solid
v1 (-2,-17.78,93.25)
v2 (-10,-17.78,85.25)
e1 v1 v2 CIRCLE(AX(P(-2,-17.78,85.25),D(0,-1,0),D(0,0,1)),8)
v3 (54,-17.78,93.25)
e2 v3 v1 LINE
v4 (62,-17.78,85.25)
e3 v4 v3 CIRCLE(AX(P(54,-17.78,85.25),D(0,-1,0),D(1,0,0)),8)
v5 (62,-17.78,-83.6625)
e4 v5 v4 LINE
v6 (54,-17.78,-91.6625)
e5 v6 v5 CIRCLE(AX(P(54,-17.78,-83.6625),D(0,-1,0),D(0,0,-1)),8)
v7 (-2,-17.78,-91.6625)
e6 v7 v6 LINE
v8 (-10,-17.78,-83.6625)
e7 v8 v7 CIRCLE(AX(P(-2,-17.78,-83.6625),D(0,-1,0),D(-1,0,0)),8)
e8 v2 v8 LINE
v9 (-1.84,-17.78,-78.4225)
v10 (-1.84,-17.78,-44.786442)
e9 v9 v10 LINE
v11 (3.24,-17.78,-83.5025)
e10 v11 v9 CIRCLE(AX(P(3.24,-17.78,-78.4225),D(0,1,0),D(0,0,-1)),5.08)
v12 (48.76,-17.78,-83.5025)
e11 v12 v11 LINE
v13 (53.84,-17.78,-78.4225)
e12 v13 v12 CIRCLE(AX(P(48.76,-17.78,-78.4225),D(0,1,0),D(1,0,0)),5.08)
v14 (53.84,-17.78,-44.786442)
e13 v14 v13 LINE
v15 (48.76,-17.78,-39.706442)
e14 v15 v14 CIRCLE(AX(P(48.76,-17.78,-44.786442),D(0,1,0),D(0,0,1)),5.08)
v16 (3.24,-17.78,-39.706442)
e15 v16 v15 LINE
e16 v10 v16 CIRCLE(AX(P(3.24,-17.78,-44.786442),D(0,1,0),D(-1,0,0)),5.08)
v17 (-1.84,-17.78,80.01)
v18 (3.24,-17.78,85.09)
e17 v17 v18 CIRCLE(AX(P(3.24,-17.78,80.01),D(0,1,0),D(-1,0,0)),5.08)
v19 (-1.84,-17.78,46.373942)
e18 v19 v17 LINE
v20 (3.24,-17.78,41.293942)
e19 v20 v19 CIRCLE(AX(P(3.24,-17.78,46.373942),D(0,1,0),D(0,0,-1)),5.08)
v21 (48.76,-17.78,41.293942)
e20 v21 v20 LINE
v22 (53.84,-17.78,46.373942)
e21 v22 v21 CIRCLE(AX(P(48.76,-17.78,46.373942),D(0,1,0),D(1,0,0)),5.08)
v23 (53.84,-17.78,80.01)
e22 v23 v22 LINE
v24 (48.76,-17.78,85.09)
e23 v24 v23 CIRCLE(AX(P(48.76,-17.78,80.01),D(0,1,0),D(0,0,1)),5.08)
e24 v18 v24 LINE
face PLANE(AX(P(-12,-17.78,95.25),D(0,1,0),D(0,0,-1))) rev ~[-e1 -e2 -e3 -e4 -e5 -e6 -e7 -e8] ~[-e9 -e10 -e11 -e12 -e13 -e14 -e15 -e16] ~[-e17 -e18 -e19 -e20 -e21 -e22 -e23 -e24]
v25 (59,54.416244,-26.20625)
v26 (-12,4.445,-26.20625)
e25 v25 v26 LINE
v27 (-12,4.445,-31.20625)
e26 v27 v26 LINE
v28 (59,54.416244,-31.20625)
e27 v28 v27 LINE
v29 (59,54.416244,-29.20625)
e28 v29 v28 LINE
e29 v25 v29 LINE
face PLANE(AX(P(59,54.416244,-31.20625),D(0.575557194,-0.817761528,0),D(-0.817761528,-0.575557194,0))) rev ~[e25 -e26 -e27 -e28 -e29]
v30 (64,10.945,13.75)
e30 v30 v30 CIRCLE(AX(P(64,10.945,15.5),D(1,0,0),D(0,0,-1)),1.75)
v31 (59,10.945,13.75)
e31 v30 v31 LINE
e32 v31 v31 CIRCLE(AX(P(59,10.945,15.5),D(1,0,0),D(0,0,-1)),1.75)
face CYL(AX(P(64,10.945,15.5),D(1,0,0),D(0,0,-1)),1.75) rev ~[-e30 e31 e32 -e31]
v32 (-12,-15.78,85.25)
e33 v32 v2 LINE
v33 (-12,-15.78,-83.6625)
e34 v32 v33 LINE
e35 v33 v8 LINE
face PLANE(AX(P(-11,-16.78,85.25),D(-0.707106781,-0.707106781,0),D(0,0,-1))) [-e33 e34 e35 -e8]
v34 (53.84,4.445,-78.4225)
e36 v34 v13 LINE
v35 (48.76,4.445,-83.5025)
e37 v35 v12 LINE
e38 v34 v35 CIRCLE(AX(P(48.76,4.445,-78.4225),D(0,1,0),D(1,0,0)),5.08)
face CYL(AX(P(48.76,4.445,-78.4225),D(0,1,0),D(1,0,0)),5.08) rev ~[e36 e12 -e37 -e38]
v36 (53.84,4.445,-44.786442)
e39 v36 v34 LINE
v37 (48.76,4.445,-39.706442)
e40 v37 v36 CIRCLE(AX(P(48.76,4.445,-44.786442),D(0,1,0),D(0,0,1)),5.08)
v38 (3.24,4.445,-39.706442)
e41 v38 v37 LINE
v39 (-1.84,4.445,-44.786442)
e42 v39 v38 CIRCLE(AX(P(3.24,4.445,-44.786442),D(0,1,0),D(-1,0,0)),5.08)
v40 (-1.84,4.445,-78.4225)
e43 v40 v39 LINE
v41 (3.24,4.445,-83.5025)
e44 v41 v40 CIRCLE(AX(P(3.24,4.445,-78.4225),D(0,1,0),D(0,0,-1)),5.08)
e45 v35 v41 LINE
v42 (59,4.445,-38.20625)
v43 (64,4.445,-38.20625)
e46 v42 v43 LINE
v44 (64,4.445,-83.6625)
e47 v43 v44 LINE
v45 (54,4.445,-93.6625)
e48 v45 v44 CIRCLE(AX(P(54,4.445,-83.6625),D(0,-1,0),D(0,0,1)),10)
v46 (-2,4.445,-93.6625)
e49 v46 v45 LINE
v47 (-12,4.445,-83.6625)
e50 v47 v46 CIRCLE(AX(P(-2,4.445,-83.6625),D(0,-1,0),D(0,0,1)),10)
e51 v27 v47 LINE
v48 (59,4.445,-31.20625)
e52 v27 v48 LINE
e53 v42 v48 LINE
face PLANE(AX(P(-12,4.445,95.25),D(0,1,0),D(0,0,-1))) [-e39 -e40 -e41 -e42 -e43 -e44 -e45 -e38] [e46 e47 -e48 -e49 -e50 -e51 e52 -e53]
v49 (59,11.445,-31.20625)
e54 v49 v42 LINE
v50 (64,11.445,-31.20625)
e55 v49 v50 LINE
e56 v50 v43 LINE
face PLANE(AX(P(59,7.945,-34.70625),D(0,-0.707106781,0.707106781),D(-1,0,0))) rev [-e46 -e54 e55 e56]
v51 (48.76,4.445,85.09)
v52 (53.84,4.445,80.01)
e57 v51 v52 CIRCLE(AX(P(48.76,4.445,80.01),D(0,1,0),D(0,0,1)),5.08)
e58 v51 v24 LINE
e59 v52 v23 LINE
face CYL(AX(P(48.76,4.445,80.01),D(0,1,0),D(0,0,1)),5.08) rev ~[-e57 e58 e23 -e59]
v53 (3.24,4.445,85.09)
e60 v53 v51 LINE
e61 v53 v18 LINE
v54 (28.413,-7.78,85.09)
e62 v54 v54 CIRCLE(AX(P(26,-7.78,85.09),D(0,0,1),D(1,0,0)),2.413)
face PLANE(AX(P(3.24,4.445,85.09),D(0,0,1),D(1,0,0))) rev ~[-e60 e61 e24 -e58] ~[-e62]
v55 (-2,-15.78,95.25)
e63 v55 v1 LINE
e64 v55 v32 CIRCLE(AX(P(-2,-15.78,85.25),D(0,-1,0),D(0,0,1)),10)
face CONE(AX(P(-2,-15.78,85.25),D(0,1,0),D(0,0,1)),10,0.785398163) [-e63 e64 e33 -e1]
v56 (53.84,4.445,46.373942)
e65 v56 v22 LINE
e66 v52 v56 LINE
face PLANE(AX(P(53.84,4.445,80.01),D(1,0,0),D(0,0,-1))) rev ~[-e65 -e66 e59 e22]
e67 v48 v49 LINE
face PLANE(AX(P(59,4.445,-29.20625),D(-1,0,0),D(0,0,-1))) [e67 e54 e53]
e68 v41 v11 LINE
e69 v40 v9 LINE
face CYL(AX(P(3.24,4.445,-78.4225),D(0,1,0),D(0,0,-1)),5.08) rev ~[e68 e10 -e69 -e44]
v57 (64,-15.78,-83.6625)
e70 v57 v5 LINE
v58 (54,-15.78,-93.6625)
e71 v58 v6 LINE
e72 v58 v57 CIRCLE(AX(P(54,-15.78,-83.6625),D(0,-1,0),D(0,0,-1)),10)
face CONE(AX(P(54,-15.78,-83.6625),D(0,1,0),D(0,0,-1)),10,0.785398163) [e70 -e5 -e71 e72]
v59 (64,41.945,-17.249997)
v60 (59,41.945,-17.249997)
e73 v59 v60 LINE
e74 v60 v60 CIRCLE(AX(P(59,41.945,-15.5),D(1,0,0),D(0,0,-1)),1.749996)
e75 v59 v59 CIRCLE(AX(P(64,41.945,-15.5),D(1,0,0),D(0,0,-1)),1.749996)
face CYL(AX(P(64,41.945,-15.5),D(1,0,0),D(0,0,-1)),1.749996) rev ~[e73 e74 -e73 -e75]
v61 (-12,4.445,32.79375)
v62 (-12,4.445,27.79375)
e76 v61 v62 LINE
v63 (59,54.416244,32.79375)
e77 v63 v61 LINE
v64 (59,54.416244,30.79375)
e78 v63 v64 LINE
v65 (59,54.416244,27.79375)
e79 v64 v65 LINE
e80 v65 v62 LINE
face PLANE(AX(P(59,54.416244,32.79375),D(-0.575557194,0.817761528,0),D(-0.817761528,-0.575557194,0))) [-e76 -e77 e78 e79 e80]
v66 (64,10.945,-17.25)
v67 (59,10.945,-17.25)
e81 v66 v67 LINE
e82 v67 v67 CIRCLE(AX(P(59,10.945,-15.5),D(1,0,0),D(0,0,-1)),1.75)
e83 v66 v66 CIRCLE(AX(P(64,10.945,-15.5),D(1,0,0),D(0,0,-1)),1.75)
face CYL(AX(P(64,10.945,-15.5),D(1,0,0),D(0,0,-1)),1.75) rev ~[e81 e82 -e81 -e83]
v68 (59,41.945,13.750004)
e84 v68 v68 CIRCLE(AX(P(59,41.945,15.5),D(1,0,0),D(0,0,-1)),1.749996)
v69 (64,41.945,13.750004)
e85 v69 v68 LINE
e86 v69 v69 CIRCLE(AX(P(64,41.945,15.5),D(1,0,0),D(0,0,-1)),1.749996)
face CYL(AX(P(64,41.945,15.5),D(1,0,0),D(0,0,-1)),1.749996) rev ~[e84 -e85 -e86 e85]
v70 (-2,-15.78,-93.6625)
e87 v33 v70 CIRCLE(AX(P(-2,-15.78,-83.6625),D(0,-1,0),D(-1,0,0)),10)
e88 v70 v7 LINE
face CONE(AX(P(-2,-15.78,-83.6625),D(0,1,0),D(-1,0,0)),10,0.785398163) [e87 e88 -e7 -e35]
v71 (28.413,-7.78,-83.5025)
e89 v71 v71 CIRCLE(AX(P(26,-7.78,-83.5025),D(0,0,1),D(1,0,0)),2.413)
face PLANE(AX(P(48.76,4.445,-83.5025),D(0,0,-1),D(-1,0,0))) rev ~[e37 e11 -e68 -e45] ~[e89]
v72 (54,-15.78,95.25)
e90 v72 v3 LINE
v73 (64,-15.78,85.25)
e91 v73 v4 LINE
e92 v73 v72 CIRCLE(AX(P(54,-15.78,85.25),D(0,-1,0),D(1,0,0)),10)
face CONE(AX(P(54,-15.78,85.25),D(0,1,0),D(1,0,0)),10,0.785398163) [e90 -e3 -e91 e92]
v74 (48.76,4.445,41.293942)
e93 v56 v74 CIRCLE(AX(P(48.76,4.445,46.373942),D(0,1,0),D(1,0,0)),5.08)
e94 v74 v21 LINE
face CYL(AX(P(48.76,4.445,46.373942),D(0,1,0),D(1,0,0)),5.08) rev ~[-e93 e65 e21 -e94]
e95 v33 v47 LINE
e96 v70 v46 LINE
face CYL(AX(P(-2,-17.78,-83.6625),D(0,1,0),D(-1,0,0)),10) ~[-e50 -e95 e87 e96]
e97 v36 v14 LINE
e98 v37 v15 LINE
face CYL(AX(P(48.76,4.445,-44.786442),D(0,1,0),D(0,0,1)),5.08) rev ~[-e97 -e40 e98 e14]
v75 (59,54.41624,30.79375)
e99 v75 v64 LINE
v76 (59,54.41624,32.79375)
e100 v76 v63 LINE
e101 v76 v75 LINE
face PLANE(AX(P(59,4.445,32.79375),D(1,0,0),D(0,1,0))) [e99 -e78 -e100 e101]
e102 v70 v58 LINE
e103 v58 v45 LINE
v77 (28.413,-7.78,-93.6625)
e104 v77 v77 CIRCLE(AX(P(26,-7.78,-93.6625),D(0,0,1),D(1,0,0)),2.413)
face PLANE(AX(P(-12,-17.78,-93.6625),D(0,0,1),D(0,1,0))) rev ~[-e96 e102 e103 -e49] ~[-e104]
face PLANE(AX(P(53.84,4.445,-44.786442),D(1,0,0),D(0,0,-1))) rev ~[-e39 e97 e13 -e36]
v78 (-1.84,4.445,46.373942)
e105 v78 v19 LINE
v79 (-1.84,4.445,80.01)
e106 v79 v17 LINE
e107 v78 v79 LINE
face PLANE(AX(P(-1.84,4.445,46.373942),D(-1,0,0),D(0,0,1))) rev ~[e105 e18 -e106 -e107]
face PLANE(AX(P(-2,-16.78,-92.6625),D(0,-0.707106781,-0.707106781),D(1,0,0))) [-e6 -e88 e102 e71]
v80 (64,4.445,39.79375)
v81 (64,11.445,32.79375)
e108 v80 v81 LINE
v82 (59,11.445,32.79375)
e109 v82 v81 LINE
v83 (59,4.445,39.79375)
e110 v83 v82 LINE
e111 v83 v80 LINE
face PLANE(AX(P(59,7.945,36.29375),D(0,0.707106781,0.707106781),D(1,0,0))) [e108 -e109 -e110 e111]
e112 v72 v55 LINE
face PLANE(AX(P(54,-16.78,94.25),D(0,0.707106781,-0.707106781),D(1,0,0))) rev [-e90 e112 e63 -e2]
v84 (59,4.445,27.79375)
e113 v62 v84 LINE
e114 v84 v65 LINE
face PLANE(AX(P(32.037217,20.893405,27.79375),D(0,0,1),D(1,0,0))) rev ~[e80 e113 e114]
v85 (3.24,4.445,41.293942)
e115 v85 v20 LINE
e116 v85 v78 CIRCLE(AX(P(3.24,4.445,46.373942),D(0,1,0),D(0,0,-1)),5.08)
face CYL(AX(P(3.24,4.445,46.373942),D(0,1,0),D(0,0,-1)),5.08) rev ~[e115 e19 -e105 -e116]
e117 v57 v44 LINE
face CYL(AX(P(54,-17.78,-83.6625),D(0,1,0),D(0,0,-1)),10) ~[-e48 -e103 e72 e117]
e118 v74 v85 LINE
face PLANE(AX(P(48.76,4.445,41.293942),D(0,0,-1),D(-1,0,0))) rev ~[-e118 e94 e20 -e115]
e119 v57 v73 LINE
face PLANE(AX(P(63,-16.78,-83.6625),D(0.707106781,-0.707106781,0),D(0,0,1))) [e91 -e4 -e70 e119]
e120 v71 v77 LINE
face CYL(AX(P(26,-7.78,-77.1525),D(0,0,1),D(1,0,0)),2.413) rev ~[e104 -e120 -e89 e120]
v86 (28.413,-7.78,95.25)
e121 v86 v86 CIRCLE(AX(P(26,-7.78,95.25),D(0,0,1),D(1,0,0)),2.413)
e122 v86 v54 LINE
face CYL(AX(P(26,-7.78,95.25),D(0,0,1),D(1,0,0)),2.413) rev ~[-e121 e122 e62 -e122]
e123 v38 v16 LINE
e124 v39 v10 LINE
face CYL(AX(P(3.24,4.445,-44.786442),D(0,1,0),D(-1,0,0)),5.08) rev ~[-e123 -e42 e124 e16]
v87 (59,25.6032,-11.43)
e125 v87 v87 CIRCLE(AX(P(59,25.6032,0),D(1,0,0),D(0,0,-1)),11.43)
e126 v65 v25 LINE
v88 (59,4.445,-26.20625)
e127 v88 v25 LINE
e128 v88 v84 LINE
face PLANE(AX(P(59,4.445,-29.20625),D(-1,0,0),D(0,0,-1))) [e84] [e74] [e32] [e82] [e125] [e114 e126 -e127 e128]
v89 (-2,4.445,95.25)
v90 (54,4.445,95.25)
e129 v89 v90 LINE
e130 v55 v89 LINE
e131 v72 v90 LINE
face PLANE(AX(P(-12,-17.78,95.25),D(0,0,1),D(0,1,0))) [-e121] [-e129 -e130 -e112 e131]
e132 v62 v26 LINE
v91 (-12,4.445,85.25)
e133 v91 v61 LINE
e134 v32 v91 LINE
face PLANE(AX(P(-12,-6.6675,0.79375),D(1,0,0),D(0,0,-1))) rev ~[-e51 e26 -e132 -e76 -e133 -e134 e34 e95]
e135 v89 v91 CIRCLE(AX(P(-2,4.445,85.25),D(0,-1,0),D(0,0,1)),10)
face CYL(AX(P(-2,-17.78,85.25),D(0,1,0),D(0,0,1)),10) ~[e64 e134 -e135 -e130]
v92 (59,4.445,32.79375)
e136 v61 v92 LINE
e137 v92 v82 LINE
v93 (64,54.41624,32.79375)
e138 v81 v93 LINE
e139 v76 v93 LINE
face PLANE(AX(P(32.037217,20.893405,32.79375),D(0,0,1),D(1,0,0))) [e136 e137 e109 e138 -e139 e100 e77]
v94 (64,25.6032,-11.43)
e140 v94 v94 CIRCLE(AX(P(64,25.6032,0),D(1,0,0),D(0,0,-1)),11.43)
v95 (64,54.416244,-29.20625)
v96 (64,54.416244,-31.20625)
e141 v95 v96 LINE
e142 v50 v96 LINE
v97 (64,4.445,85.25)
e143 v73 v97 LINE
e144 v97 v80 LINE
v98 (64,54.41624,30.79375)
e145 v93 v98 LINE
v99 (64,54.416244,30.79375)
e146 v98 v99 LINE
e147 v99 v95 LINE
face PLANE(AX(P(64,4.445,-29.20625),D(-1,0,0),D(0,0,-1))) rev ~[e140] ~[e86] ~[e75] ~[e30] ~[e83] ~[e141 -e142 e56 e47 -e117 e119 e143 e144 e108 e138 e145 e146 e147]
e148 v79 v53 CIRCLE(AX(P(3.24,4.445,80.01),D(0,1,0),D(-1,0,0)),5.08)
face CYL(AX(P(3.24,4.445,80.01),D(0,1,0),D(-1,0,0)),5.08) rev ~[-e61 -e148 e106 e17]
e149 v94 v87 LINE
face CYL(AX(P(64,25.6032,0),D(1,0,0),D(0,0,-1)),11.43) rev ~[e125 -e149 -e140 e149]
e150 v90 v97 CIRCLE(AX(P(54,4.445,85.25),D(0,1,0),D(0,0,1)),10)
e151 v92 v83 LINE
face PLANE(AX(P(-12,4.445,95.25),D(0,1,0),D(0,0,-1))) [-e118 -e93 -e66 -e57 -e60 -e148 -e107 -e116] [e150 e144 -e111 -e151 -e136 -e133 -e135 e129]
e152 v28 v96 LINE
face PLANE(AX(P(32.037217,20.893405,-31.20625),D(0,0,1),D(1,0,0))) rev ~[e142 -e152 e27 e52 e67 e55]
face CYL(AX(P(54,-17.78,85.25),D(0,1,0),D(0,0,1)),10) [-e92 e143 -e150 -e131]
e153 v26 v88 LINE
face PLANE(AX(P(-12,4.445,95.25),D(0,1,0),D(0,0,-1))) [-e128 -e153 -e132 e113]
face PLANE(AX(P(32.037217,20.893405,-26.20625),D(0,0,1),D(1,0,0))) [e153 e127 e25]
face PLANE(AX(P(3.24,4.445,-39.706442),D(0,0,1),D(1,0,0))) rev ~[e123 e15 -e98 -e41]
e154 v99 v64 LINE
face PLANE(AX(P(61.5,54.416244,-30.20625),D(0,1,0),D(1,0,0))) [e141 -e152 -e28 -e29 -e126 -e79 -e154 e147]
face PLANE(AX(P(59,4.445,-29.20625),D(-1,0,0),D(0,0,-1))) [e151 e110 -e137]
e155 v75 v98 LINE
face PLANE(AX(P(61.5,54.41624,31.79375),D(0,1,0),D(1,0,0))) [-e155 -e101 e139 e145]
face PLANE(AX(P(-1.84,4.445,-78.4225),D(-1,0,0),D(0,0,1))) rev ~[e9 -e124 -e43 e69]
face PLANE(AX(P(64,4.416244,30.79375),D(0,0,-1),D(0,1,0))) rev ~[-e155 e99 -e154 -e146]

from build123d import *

# Parameters (mm, degrees)
BOSS_EXTRUDE1_DEPTH      = 64
BOSS_EXTRUDE1_DEPTH_BACK = 12
SKETCH1_W                = 188.9125
SKETCH1_H                = 22.225
SKETCH3_W                = 60
SKETCH3_H                = 50
BOSS_EXTRUDE2_DEPTH      = 5
SKETCH4_R                = 11.43
SKETCH4_R_2              = 1.7499965
SKETCH4_R_3              = 1.75
CUT_EXTRUDE1_DEPTH       = 5
FILLET2_R                = 10
FILLET3_R                = 10
FILLET6_R                = 10
FILLET8_R                = 10
SKETCH18_W               = 5
SKETCH18_H               = 2
BOSS_EXTRUDE4_DEPTH      = 49.97124
SKETCH19_W               = 5
SKETCH19_H               = 2
BOSS_EXTRUDE5_DEPTH      = 49.971244
SKETCH26_R               = 2.413
CUT_EXTRUDE3_DEPTH       = 31.496
CHAMFER1_SIZE            = 7
CHAMFER2_SIZE            = 2
BOSS_EXTRUDE6_DEPTH      = 5
BOSS_EXTRUDE7_DEPTH      = 5
CUT_EXTRUDE2_DEPTH       = 126.162645094
CUT_EXTRUDE4_START       = 16.51
SKETCH27_R               = 2.413
CUT_EXTRUDE4_DEPTH       = 16.51


with BuildPart() as part:
    # Sketch1 → Boss-Extrude1 (new, two sides: drawn at the far end of the back side and taken through both)
    with BuildSketch(Plane(origin=(0, 0, 0), x_dir=(0, 0, -1), z_dir=(1, 0, 0)).offset(-BOSS_EXTRUDE1_DEPTH_BACK)):
        with Locations((-0.79375, -6.6675)):
            Rectangle(SKETCH1_W, SKETCH1_H)
    extrude(amount=BOSS_EXTRUDE1_DEPTH + BOSS_EXTRUDE1_DEPTH_BACK)

    # Sketch3 → Boss-Extrude2 (add)
    with BuildSketch(Plane(origin=(64, 8.866131276, 9.663552159), x_dir=(0, 0, -1), z_dir=(1, 0, 0))):
        with Locations((8.869802159, 20.550112642)):
            Rectangle(SKETCH3_W, SKETCH3_H)
    extrude(amount=-BOSS_EXTRUDE2_DEPTH)

    # Sketch4 → Cut-Extrude1 (cut)
    with BuildSketch(Plane(origin=(64, 0, 0), x_dir=(0, 0, -1), z_dir=(1, 0, 0))):
        with Locations((0, 25.6032)):
            Circle(SKETCH4_R)
        with Locations((-15.5, 41.945)):
            Circle(SKETCH4_R_2)
        with Locations((15.5, 41.945)):
            Circle(SKETCH4_R_2)
        with Locations((-15.5, 10.945)):
            Circle(SKETCH4_R_3)
        with Locations((15.5, 10.945)):
            Circle(SKETCH4_R_3)
    extrude(amount=-CUT_EXTRUDE1_DEPTH, mode=Mode.SUBTRACT)

    # Fillet2
    fillet2_edges = [part.edges().sort_by_distance(p)[0] for p in [
        (-12, -6.6675, 95.25),
    ]]
    fillet(fillet2_edges, radius=FILLET2_R)

    # Fillet3
    fillet3_edges = [part.edges().sort_by_distance(p)[0] for p in [
        (64, -6.6675, 95.25),
    ]]
    fillet(fillet3_edges, radius=FILLET3_R)

    # Fillet6
    fillet6_edges = [part.edges().sort_by_distance(p)[0] for p in [
        (-12, -6.6675, -93.6625),
    ]]
    fillet(fillet6_edges, radius=FILLET6_R)

    # Fillet8
    fillet8_edges = [part.edges().sort_by_distance(p)[0] for p in [
        (64, -6.6675, -93.6625),
    ]]
    fillet(fillet8_edges, radius=FILLET8_R)

    # Sketch18 → Boss-Extrude4 (add)
    with BuildSketch(Plane(origin=(0, 4.445, 0), x_dir=(1, 0, 0), z_dir=(0, 1, 0))):
        with Locations((61.5, -31.79375)):
            Rectangle(SKETCH18_W, SKETCH18_H)
    extrude(amount=BOSS_EXTRUDE4_DEPTH)

    # Sketch19 → Boss-Extrude5 (add)
    with BuildSketch(Plane(origin=(0, 4.445, 0), x_dir=(1, 0, 0), z_dir=(0, 1, 0))):
        with Locations((61.5, 30.20625)):
            Rectangle(SKETCH19_W, SKETCH19_H)
    extrude(amount=BOSS_EXTRUDE5_DEPTH)

    # Sketch26 → Cut-Extrude3 (cut)
    with BuildSketch(Plane.XY.offset(95.25)):
        with Locations((26, -7.78)):
            Circle(SKETCH26_R)
    extrude(amount=-CUT_EXTRUDE3_DEPTH, mode=Mode.SUBTRACT)

    # Chamfer1
    chamfer1_edges = [part.edges().sort_by_distance(p)[0] for p in [
        (61.5, 4.445, -31.20625),
        (61.5, 4.445, 32.79375),
    ]]
    chamfer(chamfer1_edges, length=CHAMFER1_SIZE)

    # Chamfer2
    chamfer2_edges = [part.edges().sort_by_distance(p)[0] for p in [
        (-12, -17.78, 0.79375),
        (26, -17.78, 95.25),
        (-9.071067812, -17.78, 92.321067812),
        (64, -17.78, 0.79375),
        (61.071067812, -17.78, 92.321067812),
        (26, -17.78, -93.6625),
        (-9.071067812, -17.78, -90.733567812),
        (61.071067812, -17.78, -90.733567812),
    ]]
    chamfer(chamfer2_edges, length=CHAMFER2_SIZE)

    # Sketch20 → Boss-Extrude6 (add)
    with BuildSketch(Plane(origin=(0, 0, -31.20625), x_dir=(-1, 0, 0), z_dir=(0, 0, -1))):
        Polygon((-59, 54.416243918), (12, 4.445), (-59, 4.445), align=None)
    extrude(amount=-BOSS_EXTRUDE6_DEPTH)

    # Sketch21 → Boss-Extrude7 (add)
    with BuildSketch(Plane.XY.offset(32.79375)):
        Polygon((59, 54.416243918), (-12, 4.445), (59, 4.445), align=None)
    extrude(amount=-BOSS_EXTRUDE7_DEPTH)

    # Sketch23 → Cut-Extrude2 (cut, through all)
    with BuildSketch(Plane(origin=(0, 4.445, 0), x_dir=(1, 0, 0), z_dir=(0, 1, 0))):
        with BuildLine():
            Line((48.76, -41.29394195), (3.24, -41.29394195))
            ThreePointArc((3.24, -41.29394195), (-0.352102448, -42.781839501), (-1.84, -46.37394195))
            Line((-1.84, -46.37394195), (-1.84, -80.01))
            ThreePointArc((-1.84, -80.01), (-0.352102448, -83.602102448), (3.24, -85.09))
            Line((3.24, -85.09), (48.76, -85.09))
            ThreePointArc((48.76, -85.09), (52.352102448, -83.602102448), (53.84, -80.01))
            Line((53.84, -80.01), (53.84, -46.37394195))
            ThreePointArc((53.84, -46.37394195), (52.352102448, -42.781839501), (48.76, -41.29394195))
        make_face()
        with BuildLine():
            Line((48.76, 83.5025), (3.24, 83.5025))
            ThreePointArc((3.24, 83.5025), (-0.352102448, 82.014602448), (-1.84, 78.4225))
            Line((-1.84, 78.4225), (-1.84, 44.78644195))
            ThreePointArc((-1.84, 44.78644195), (-0.352102448, 41.194339501), (3.24, 39.70644195))
            Line((3.24, 39.70644195), (48.76, 39.70644195))
            ThreePointArc((48.76, 39.70644195), (52.352102448, 41.194339501), (53.84, 44.78644195))
            Line((53.84, 44.78644195), (53.84, 78.4225))
            ThreePointArc((53.84, 78.4225), (52.352102448, 82.014602448), (48.76, 83.5025))
        make_face()
    extrude(amount=-CUT_EXTRUDE2_DEPTH, mode=Mode.SUBTRACT)

    # Sketch27 → Cut-Extrude4 (cut)
    with BuildSketch(Plane.XY.offset(-93.6625).offset(CUT_EXTRUDE4_START)):
        with Locations((26, -7.78)):
            Circle(SKETCH27_R)
    extrude(amount=-CUT_EXTRUDE4_DEPTH, mode=Mode.SUBTRACT)


solid = part.part
